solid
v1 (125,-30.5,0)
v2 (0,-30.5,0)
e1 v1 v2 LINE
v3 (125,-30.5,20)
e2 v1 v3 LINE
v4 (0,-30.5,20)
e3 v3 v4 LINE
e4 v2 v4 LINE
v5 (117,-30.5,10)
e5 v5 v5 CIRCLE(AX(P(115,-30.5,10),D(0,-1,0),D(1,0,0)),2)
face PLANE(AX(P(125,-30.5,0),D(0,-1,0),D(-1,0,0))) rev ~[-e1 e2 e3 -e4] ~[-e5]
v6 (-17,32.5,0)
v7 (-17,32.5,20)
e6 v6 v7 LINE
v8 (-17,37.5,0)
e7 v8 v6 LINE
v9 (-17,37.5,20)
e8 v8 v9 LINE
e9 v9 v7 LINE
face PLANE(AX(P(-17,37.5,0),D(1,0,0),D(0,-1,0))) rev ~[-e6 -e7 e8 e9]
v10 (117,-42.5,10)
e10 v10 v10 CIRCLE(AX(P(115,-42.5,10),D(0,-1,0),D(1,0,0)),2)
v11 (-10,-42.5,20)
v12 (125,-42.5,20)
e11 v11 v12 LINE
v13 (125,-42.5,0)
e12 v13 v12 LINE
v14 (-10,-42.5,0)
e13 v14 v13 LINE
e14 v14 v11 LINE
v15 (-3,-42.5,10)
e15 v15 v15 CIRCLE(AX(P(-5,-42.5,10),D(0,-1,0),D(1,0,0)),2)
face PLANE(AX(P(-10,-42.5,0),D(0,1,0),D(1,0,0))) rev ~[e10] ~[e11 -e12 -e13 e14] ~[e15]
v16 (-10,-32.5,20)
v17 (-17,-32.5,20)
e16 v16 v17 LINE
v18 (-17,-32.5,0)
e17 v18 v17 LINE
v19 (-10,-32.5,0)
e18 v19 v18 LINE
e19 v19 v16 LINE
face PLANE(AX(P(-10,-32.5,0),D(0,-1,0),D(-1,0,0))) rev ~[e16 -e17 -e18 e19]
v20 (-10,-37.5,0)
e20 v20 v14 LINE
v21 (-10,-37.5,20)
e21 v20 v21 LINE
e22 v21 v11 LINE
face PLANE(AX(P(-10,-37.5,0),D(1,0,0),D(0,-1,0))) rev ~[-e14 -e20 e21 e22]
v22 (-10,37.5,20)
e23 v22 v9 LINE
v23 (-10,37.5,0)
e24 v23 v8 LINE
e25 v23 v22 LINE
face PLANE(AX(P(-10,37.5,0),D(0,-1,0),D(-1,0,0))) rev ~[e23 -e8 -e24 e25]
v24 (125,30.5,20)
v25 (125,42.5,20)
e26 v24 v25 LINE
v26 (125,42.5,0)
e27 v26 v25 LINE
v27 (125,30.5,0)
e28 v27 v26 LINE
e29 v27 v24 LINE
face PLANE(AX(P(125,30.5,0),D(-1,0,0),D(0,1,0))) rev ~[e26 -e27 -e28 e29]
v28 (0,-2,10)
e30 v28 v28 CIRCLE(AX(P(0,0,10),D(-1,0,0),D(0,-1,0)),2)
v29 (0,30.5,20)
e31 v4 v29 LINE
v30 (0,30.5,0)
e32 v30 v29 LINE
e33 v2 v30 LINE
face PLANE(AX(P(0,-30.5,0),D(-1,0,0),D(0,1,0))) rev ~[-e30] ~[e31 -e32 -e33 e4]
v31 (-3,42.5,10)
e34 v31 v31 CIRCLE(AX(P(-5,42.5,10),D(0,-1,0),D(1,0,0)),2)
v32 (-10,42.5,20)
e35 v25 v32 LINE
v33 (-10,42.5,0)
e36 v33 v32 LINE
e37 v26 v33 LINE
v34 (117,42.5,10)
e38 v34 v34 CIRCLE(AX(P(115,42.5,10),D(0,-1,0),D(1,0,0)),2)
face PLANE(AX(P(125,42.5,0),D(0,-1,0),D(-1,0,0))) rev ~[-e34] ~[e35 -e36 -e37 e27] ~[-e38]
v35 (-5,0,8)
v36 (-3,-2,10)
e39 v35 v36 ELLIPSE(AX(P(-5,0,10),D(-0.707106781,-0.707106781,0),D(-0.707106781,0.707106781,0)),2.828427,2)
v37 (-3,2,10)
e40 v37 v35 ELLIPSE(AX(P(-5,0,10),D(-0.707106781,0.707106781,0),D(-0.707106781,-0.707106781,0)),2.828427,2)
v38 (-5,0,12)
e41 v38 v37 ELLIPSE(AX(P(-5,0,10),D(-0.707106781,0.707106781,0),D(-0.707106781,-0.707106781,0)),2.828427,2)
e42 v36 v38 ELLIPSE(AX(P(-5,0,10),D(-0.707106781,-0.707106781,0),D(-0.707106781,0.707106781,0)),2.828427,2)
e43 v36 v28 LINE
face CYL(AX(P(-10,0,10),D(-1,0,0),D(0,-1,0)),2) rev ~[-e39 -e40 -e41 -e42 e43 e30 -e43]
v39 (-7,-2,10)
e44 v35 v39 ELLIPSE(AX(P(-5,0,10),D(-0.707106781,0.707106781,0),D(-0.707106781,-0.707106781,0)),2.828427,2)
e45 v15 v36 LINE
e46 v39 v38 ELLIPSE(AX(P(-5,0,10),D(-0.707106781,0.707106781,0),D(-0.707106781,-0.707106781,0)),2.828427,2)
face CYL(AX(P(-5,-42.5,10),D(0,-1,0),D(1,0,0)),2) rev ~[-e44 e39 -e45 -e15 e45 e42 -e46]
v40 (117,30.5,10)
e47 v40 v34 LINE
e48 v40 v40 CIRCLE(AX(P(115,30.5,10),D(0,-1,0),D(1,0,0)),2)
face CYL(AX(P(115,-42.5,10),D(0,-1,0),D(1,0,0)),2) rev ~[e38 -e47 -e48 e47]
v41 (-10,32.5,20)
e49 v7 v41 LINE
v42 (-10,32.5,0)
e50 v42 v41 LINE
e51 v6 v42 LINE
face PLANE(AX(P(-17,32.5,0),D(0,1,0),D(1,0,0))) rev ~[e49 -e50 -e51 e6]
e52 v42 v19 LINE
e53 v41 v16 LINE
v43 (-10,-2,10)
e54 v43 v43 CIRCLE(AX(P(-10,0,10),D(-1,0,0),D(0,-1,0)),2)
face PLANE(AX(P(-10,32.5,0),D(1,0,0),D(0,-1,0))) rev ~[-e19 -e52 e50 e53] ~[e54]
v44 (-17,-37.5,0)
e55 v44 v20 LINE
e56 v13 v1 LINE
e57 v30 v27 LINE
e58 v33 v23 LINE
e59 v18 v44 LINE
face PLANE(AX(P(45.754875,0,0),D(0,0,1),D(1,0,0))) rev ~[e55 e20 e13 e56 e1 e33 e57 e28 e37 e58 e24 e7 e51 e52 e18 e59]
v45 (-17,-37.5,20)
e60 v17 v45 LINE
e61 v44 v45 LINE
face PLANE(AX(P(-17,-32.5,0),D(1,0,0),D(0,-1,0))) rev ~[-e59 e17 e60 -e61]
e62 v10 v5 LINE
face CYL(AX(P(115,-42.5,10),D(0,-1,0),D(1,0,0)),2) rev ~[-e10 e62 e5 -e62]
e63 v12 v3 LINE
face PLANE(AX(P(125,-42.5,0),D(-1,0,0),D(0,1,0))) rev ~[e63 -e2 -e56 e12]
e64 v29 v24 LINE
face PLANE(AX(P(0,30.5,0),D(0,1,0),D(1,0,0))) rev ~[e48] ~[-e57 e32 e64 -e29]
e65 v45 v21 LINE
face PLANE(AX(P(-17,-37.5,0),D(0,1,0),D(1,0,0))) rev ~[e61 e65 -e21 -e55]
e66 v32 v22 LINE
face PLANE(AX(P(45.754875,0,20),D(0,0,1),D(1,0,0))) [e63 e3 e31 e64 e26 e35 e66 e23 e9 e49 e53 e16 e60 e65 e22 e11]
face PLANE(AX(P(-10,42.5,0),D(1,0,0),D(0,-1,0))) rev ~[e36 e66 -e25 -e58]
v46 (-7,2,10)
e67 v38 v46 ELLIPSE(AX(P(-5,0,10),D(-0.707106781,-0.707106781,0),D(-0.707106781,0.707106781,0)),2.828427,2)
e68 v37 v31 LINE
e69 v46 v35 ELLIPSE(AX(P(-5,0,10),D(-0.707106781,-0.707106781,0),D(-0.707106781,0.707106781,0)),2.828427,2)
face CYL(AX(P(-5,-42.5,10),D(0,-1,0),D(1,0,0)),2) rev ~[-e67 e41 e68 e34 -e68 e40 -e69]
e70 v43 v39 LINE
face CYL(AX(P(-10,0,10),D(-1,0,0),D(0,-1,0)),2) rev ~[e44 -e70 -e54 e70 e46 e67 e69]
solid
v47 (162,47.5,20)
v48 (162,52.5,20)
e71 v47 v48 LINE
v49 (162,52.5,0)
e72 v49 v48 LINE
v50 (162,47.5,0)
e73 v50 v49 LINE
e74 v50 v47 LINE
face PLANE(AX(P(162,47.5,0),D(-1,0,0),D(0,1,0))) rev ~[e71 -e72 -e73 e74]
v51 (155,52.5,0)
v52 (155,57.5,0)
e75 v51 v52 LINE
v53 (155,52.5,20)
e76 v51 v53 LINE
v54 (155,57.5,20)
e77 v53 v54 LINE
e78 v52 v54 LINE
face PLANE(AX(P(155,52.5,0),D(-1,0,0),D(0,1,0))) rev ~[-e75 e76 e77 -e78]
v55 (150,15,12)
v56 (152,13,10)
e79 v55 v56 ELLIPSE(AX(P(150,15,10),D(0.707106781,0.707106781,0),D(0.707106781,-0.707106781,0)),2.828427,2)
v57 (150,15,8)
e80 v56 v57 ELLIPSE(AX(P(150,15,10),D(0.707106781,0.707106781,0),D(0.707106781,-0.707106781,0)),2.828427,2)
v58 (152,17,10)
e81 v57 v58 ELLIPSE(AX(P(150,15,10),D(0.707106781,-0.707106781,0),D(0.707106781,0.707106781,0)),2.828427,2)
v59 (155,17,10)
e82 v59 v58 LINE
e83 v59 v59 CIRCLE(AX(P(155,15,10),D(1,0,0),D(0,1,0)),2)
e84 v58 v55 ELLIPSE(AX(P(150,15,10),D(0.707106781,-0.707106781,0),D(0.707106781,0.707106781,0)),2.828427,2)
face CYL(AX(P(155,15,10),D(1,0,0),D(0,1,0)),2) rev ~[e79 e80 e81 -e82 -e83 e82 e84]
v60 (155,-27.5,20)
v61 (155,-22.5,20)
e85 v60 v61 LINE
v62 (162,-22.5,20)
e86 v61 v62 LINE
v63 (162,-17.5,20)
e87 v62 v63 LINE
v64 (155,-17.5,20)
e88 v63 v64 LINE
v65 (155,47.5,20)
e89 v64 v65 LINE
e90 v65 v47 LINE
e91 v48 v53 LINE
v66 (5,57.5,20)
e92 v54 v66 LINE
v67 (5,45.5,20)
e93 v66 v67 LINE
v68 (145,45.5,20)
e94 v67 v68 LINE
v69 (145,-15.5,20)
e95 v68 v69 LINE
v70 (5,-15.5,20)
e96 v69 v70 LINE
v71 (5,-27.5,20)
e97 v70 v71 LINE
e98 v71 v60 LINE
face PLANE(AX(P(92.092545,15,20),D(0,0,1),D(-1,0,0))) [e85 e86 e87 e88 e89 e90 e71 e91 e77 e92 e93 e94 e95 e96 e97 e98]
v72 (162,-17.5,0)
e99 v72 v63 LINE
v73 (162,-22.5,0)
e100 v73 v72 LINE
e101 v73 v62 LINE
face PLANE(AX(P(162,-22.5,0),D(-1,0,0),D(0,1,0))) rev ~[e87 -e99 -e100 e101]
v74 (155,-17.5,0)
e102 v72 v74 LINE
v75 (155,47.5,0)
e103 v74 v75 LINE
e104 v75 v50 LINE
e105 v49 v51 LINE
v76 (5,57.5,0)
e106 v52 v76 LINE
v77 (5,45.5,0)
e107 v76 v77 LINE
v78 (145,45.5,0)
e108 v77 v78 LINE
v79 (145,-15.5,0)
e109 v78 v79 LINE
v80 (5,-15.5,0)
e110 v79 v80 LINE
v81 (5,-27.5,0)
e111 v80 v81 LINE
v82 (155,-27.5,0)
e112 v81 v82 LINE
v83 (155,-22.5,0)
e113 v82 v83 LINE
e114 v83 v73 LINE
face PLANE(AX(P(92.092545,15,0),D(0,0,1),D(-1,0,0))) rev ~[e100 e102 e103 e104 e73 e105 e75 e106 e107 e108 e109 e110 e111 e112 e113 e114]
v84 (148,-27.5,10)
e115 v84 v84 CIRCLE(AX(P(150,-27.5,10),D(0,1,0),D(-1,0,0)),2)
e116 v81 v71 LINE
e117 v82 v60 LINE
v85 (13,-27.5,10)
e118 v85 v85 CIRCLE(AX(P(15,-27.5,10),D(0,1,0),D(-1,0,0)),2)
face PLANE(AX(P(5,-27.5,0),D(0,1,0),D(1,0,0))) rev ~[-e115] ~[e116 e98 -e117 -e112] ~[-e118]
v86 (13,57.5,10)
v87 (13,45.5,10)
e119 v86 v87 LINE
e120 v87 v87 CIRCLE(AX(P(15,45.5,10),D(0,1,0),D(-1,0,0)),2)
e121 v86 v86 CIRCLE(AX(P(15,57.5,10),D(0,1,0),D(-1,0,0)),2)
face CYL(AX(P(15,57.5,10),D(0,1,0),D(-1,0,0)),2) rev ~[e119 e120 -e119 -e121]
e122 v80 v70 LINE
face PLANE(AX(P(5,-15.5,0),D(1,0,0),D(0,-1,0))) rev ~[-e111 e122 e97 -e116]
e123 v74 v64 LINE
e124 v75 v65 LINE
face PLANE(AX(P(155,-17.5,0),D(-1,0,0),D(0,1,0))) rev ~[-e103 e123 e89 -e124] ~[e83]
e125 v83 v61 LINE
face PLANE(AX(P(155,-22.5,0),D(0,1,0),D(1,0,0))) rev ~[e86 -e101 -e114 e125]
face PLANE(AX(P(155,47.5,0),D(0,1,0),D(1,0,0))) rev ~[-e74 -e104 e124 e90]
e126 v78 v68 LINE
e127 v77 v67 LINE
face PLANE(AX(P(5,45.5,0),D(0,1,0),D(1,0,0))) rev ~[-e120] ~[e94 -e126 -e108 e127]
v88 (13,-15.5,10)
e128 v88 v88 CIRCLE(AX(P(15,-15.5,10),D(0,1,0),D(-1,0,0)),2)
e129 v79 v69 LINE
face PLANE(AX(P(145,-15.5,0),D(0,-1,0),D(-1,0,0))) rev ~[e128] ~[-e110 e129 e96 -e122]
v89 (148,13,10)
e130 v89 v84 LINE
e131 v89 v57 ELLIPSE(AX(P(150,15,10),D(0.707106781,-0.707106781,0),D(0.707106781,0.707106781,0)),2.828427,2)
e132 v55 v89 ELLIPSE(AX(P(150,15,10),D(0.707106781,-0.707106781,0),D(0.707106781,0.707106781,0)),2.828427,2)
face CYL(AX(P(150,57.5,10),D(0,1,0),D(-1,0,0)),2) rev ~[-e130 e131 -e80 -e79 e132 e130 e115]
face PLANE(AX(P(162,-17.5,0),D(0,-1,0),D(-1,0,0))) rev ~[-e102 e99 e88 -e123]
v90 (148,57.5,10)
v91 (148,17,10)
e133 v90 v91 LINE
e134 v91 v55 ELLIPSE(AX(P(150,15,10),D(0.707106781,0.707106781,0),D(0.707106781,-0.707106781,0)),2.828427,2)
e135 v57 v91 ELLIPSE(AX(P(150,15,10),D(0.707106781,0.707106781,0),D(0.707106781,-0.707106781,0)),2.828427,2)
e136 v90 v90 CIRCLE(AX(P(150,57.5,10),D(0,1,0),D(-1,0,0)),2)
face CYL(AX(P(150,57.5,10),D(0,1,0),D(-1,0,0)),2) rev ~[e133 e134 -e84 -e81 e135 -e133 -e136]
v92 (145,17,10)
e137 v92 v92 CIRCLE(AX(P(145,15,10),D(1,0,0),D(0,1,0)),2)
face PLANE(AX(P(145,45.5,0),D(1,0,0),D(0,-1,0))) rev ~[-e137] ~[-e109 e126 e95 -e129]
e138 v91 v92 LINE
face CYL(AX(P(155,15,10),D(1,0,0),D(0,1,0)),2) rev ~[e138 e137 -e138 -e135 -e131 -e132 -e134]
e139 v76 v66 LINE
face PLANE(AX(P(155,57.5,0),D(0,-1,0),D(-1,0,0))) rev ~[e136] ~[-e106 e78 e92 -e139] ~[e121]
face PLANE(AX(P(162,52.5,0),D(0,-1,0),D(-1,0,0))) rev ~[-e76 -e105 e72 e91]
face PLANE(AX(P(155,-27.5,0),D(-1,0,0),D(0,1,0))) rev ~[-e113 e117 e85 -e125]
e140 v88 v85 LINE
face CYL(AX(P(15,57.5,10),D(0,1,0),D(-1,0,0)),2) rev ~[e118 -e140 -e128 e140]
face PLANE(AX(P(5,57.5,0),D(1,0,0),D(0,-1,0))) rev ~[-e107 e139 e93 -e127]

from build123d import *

# Parameters (mm, degrees)
PAD_DEPTH       = 20
SKETCH004_R     = 2
POCKET002_DEPTH = 135.001
SKETCH005_R     = 2
POCKET003_DEPTH = 85.001
PAD001_DEPTH    = 20
SKETCH007_R     = 2
POCKET004_DEPTH = 150.001
SKETCH008_R     = 2
POCKET005_DEPTH = 85.001


with BuildPart() as soporte_agujero_superior_lateral:
    # Sketch → Pad (new body)
    with BuildSketch(Plane.XY):
        Polygon((-10, -42.5), (125, -42.5), (125, -30.5), (0, -30.5), (0, 30.5), (125, 30.5), (125, 42.5), (-10, 42.5), (-10, 37.5), (-17, 37.5), (-17, 32.5), (-10, 32.5), (-10, -32.5), (-17, -32.5), (-17, -37.5), (-10, -37.5), align=None)
    extrude(amount=PAD_DEPTH)

    # Sketch004 → Pocket002 (cut, through all)
    with BuildSketch(Plane(origin=(-10, 0, 0), x_dir=(0, -1, 0), z_dir=(-1, 0, 0))):
        with Locations((0, 10)):
            Circle(SKETCH004_R)
    extrude(amount=-POCKET002_DEPTH, mode=Mode.SUBTRACT)

    # Sketch005 → Pocket003 (cut, through all)
    with BuildSketch(Plane.XZ.offset(42.5)):
        with Locations((-5, 10)):
            Circle(SKETCH005_R)
        with Locations((115, 10)):
            Circle(SKETCH005_R)
    extrude(amount=-POCKET003_DEPTH, mode=Mode.SUBTRACT)


with BuildPart() as soporte_agujero_superior_lateral001:
    # Sketch006 → Pad001 (new body)
    with BuildSketch(Plane(origin=(145, 15, 0), x_dir=(-1, 0, 0), z_dir=(0, 0, 1))):
        Polygon((-10, -42.5), (140, -42.5), (140, -30.5), (0, -30.5), (0, 30.5), (140, 30.5), (140, 42.5), (-10, 42.5), (-10, 37.5), (-17, 37.5), (-17, 32.5), (-10, 32.5), (-10, -32.5), (-17, -32.5), (-17, -37.5), (-10, -37.5), align=None)
    extrude(amount=PAD001_DEPTH)

    # Sketch007 → Pocket004 (cut, through all)
    with BuildSketch(Plane(origin=(155, 15, 0), x_dir=(0, 1, 0), z_dir=(1, 0, 0))):
        with Locations((0, 10)):
            Circle(SKETCH007_R)
    extrude(amount=-POCKET004_DEPTH, mode=Mode.SUBTRACT)

    # Sketch008 → Pocket005 (cut, through all)
    with BuildSketch(Plane(origin=(145, 57.5, 0), x_dir=(-1, 0, 0), z_dir=(0, 1, 0))):
        with Locations((-5, 10)):
            Circle(SKETCH008_R)
        with Locations((130, 10)):
            Circle(SKETCH008_R)
    extrude(amount=-POCKET005_DEPTH, mode=Mode.SUBTRACT)


solid = Compound([soporte_agujero_superior_lateral.part, soporte_agujero_superior_lateral001.part])
